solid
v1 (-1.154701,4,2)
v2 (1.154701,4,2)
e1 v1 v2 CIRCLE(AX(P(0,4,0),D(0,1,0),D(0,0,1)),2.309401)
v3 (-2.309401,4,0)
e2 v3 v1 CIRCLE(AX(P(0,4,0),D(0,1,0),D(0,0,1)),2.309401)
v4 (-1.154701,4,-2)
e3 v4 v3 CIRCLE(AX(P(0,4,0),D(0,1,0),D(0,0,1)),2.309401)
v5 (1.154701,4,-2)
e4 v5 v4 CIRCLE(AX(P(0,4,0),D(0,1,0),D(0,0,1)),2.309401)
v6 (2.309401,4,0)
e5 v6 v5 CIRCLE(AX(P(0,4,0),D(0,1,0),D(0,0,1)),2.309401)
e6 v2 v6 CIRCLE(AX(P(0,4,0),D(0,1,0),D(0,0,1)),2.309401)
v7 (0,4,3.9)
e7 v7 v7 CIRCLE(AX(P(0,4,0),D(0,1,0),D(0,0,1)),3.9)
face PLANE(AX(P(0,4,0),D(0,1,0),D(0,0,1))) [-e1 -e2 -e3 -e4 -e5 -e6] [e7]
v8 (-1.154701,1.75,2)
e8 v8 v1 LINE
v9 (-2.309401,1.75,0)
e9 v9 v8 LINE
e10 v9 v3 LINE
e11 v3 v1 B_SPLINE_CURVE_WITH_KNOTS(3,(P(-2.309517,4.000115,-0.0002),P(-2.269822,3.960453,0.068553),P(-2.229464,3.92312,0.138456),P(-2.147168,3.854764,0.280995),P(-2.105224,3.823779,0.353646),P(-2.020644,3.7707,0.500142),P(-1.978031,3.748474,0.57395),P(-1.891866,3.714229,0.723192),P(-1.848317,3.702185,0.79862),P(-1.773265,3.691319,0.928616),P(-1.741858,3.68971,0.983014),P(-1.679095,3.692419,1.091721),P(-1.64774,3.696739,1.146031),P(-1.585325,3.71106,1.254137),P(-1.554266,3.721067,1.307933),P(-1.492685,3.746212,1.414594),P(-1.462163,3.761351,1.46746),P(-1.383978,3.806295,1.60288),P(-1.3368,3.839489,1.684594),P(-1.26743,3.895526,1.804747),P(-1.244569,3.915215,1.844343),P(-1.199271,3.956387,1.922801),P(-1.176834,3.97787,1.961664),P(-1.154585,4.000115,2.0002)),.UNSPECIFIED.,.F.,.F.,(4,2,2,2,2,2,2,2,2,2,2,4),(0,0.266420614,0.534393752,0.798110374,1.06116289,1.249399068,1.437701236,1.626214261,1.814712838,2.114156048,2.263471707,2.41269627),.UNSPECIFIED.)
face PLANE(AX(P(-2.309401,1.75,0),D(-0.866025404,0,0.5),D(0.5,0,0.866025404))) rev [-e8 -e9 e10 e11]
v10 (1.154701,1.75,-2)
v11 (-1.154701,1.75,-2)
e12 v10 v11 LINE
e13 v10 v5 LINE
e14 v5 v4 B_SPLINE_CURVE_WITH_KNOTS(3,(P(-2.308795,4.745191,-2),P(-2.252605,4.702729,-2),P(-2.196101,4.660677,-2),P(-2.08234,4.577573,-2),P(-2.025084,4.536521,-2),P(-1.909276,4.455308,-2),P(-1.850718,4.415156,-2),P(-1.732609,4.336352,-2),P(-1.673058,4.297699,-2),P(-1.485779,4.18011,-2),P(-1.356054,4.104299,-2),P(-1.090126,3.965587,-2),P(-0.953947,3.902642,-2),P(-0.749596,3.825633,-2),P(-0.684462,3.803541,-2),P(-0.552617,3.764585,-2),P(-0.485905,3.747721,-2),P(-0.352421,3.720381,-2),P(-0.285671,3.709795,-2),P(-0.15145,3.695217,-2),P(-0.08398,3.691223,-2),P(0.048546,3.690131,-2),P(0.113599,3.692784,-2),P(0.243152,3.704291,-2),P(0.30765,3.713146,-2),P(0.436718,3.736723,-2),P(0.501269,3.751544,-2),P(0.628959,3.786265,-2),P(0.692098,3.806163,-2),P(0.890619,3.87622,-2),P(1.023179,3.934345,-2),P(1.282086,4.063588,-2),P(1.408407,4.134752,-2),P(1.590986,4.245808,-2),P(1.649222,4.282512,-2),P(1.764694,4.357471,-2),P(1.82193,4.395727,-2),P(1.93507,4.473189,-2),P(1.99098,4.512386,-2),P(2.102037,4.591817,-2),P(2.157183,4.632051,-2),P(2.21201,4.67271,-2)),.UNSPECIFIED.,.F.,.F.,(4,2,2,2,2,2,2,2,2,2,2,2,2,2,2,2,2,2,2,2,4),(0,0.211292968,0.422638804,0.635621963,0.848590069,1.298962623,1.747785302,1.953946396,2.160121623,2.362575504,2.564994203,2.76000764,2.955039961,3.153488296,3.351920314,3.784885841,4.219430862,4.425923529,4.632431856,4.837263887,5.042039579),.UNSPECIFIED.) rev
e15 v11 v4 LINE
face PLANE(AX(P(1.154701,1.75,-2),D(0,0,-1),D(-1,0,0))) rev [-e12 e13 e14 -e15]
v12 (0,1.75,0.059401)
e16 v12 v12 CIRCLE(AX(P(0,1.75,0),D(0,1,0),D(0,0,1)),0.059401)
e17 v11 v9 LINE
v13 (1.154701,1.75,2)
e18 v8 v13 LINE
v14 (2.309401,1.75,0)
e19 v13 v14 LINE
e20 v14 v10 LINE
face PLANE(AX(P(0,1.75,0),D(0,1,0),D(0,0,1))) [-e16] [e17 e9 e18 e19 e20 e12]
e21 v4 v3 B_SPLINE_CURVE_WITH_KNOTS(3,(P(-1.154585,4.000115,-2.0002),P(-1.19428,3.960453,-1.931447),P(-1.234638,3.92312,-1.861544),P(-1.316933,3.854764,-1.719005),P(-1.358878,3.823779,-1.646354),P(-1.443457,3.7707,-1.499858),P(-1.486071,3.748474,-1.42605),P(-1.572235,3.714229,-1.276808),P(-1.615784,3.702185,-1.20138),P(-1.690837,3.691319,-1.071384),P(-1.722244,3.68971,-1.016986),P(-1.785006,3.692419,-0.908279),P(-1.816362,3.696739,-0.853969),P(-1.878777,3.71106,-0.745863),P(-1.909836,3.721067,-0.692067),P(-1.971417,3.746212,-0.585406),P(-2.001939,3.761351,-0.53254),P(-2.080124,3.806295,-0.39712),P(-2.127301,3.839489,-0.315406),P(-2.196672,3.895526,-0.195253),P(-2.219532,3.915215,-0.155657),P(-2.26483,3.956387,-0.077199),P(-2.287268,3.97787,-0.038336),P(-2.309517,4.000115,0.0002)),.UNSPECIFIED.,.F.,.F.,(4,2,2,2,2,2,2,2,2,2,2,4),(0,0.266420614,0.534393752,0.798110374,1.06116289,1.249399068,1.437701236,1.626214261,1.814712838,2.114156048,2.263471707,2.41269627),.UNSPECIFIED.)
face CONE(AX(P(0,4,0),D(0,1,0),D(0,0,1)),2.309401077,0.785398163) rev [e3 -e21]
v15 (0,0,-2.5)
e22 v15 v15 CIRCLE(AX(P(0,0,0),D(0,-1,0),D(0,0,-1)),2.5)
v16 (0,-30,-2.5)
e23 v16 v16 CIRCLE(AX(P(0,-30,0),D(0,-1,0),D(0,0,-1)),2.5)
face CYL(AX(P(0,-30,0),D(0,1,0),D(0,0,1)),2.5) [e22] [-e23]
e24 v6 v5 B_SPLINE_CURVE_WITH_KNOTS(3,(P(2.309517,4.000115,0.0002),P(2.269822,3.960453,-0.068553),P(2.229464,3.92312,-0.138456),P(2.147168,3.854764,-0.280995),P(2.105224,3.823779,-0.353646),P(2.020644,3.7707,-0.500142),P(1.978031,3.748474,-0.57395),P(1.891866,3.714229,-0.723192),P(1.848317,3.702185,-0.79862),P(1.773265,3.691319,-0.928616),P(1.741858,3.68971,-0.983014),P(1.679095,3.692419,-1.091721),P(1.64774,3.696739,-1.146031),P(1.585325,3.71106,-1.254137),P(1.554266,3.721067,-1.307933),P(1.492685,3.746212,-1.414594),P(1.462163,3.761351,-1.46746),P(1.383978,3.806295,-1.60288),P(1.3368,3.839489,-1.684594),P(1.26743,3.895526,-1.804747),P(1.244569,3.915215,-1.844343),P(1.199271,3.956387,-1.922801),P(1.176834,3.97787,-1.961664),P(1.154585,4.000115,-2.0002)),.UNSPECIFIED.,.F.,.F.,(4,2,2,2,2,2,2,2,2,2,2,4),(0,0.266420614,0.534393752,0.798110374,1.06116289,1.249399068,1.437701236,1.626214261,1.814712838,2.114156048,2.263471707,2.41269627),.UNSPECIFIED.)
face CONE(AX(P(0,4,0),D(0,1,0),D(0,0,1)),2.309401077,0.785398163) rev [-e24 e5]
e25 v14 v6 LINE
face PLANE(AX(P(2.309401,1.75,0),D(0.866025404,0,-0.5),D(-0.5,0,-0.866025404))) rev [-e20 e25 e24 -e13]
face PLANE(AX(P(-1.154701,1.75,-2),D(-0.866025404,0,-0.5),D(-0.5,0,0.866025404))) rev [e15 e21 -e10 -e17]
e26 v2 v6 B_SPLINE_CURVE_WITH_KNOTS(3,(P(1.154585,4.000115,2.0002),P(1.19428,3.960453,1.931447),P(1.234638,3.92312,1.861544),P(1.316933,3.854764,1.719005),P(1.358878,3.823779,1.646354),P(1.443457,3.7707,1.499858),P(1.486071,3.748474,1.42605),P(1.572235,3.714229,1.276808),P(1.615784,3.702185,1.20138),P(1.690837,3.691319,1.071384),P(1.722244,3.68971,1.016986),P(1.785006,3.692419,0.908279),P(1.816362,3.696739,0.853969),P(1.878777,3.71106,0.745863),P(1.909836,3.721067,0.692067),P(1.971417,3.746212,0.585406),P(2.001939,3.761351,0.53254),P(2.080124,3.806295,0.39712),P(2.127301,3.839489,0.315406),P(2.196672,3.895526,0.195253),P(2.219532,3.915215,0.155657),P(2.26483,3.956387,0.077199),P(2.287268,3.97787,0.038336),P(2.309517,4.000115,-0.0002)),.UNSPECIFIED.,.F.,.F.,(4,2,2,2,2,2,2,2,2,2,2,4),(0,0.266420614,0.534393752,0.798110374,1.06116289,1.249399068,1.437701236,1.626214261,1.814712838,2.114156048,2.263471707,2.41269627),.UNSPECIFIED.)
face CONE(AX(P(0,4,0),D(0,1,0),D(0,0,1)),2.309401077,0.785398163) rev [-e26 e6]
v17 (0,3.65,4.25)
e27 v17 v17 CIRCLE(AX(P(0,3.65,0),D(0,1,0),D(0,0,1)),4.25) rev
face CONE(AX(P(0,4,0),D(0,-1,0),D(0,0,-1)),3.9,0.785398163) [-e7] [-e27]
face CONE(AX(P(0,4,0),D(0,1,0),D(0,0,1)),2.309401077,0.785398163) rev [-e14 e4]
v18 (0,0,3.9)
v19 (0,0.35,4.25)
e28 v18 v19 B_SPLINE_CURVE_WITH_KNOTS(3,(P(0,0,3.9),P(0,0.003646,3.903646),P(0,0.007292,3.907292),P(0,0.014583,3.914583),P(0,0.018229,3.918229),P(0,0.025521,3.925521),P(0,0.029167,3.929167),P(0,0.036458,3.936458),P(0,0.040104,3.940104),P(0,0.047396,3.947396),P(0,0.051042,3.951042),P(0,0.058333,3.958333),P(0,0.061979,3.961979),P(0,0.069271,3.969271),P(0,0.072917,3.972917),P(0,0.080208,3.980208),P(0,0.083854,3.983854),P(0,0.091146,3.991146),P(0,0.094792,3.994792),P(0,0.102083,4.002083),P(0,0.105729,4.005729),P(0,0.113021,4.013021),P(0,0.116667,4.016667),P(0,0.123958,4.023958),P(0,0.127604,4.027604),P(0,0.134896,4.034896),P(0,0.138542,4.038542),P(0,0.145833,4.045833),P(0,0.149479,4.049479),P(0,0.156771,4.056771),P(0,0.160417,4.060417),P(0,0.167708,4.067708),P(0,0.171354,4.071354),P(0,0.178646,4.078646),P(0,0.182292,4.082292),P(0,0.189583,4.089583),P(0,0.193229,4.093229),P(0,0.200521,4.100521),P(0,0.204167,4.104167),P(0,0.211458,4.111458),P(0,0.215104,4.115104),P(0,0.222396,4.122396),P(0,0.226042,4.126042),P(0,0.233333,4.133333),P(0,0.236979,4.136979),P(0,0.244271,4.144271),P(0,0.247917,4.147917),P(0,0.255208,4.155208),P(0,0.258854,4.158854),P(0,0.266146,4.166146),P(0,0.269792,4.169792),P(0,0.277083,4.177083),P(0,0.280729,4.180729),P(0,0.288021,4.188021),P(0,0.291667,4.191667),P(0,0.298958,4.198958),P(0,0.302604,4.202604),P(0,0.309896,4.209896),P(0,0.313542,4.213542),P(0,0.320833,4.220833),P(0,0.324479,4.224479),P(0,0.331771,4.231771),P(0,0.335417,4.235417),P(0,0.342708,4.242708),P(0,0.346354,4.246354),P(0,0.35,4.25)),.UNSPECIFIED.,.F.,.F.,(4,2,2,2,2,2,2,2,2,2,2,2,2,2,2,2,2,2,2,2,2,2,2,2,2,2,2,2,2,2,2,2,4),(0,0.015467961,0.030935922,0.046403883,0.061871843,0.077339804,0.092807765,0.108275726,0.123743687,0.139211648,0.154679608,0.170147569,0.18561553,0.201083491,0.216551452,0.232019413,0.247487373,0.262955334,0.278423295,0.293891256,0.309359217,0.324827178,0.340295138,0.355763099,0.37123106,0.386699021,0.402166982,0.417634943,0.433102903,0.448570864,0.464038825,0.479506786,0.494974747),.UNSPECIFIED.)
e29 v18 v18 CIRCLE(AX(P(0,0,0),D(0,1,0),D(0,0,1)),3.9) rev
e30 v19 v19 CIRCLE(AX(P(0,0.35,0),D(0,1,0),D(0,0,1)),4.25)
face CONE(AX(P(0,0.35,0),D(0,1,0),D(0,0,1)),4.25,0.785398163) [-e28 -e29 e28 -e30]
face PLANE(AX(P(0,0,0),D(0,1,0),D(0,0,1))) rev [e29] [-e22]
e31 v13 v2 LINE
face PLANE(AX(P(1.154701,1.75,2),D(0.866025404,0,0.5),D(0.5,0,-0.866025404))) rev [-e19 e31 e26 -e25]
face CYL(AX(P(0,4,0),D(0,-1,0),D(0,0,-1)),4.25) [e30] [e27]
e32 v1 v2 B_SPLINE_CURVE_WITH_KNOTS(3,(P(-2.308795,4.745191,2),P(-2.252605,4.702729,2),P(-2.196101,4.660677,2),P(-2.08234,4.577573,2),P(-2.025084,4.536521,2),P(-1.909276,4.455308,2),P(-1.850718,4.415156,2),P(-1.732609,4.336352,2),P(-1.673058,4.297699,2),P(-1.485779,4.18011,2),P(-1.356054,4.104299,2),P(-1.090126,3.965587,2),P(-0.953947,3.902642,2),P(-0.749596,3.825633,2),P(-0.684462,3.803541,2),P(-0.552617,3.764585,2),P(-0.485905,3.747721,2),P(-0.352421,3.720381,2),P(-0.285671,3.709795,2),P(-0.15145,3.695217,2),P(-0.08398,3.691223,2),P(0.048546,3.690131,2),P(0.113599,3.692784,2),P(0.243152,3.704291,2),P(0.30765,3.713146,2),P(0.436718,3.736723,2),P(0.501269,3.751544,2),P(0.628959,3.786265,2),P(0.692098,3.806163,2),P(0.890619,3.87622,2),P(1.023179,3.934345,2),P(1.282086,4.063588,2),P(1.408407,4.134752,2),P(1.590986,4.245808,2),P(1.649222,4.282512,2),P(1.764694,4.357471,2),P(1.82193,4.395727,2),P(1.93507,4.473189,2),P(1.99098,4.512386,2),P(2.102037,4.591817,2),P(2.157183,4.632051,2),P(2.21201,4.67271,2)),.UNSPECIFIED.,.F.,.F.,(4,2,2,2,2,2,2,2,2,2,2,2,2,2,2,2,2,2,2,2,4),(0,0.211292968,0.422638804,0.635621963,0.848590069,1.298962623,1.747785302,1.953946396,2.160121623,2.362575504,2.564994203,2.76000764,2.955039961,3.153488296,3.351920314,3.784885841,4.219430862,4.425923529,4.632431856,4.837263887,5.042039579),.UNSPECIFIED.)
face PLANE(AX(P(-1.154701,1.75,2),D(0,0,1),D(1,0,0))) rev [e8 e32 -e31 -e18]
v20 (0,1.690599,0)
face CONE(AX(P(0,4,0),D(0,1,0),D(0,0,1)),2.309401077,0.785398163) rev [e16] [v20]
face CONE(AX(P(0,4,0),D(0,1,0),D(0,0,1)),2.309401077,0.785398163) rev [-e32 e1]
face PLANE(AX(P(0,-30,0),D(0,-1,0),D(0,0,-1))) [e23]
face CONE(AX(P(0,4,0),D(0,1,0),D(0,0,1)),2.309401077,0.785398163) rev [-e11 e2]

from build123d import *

# Parameters (mm, degrees)
SKETCH1_R           = 4.25
BOSS_EXTRUDE1_DEPTH = 4
CUT_EXTRUDE1_DEPTH  = 2.25
CHAMFER1_SIZE       = 0.35
SKETCH_1_R          = 2.5
EXTRUDE_1_DEPTH     = 30


with BuildPart() as part:
    # Sketch1 → Boss-Extrude1 (new body)
    with BuildSketch(Plane(origin=(0, 0, 0), x_dir=(1, 0, 0), z_dir=(0, 1, 0))):
        with Locations(Location((0, 0, 0), (0, 0, 270))):
            Circle(SKETCH1_R)
    extrude(amount=BOSS_EXTRUDE1_DEPTH)

    # Sketch2 → Cut-Extrude1 (cut)
    with BuildSketch(Plane(origin=(0, 4, 0), x_dir=(1, 0, 0), z_dir=(0, 1, 0))):
        Polygon((1.154700538, 2), (-1.154700538, 2), (-2.309401077, 0), (-1.154700538, -2), (1.154700538, -2), (2.309401077, 0), align=None)
    extrude(amount=-CUT_EXTRUDE1_DEPTH, mode=Mode.SUBTRACT)

    # Cut-Extrude2 cone 1 section (through the dimple's axis) → Cut-Extrude2 (revolve, cut)
    with BuildSketch(Plane(origin=(0, 4, 0), x_dir=(0, 0, 1), z_dir=(1, 0, 0))):
        Polygon((0, 0), (2.309401077, 0), (0, 2.309401077), align=None)
    revolve(axis=Axis((0, 4, 0), (0, -1, 0)), mode=Mode.SUBTRACT)

    # Chamfer1
    chamfer1_edges = [part.edges().sort_by_distance(p)[0] for p in [
        (0, 0, -4.25),
        (0, 4, -4.25),
    ]]
    chamfer(chamfer1_edges, length=CHAMFER1_SIZE)

    # 草图1 → 凸台-拉伸1 (add)
    with BuildSketch(Plane(origin=(0, 0, 0), x_dir=(-1, 0, 0), z_dir=(0, -1, 0))):
        with Locations(Location((0, 0, 0), (0, 0, 90))):
            Circle(SKETCH_1_R)
    extrude(amount=EXTRUDE_1_DEPTH)


solid = part.part
